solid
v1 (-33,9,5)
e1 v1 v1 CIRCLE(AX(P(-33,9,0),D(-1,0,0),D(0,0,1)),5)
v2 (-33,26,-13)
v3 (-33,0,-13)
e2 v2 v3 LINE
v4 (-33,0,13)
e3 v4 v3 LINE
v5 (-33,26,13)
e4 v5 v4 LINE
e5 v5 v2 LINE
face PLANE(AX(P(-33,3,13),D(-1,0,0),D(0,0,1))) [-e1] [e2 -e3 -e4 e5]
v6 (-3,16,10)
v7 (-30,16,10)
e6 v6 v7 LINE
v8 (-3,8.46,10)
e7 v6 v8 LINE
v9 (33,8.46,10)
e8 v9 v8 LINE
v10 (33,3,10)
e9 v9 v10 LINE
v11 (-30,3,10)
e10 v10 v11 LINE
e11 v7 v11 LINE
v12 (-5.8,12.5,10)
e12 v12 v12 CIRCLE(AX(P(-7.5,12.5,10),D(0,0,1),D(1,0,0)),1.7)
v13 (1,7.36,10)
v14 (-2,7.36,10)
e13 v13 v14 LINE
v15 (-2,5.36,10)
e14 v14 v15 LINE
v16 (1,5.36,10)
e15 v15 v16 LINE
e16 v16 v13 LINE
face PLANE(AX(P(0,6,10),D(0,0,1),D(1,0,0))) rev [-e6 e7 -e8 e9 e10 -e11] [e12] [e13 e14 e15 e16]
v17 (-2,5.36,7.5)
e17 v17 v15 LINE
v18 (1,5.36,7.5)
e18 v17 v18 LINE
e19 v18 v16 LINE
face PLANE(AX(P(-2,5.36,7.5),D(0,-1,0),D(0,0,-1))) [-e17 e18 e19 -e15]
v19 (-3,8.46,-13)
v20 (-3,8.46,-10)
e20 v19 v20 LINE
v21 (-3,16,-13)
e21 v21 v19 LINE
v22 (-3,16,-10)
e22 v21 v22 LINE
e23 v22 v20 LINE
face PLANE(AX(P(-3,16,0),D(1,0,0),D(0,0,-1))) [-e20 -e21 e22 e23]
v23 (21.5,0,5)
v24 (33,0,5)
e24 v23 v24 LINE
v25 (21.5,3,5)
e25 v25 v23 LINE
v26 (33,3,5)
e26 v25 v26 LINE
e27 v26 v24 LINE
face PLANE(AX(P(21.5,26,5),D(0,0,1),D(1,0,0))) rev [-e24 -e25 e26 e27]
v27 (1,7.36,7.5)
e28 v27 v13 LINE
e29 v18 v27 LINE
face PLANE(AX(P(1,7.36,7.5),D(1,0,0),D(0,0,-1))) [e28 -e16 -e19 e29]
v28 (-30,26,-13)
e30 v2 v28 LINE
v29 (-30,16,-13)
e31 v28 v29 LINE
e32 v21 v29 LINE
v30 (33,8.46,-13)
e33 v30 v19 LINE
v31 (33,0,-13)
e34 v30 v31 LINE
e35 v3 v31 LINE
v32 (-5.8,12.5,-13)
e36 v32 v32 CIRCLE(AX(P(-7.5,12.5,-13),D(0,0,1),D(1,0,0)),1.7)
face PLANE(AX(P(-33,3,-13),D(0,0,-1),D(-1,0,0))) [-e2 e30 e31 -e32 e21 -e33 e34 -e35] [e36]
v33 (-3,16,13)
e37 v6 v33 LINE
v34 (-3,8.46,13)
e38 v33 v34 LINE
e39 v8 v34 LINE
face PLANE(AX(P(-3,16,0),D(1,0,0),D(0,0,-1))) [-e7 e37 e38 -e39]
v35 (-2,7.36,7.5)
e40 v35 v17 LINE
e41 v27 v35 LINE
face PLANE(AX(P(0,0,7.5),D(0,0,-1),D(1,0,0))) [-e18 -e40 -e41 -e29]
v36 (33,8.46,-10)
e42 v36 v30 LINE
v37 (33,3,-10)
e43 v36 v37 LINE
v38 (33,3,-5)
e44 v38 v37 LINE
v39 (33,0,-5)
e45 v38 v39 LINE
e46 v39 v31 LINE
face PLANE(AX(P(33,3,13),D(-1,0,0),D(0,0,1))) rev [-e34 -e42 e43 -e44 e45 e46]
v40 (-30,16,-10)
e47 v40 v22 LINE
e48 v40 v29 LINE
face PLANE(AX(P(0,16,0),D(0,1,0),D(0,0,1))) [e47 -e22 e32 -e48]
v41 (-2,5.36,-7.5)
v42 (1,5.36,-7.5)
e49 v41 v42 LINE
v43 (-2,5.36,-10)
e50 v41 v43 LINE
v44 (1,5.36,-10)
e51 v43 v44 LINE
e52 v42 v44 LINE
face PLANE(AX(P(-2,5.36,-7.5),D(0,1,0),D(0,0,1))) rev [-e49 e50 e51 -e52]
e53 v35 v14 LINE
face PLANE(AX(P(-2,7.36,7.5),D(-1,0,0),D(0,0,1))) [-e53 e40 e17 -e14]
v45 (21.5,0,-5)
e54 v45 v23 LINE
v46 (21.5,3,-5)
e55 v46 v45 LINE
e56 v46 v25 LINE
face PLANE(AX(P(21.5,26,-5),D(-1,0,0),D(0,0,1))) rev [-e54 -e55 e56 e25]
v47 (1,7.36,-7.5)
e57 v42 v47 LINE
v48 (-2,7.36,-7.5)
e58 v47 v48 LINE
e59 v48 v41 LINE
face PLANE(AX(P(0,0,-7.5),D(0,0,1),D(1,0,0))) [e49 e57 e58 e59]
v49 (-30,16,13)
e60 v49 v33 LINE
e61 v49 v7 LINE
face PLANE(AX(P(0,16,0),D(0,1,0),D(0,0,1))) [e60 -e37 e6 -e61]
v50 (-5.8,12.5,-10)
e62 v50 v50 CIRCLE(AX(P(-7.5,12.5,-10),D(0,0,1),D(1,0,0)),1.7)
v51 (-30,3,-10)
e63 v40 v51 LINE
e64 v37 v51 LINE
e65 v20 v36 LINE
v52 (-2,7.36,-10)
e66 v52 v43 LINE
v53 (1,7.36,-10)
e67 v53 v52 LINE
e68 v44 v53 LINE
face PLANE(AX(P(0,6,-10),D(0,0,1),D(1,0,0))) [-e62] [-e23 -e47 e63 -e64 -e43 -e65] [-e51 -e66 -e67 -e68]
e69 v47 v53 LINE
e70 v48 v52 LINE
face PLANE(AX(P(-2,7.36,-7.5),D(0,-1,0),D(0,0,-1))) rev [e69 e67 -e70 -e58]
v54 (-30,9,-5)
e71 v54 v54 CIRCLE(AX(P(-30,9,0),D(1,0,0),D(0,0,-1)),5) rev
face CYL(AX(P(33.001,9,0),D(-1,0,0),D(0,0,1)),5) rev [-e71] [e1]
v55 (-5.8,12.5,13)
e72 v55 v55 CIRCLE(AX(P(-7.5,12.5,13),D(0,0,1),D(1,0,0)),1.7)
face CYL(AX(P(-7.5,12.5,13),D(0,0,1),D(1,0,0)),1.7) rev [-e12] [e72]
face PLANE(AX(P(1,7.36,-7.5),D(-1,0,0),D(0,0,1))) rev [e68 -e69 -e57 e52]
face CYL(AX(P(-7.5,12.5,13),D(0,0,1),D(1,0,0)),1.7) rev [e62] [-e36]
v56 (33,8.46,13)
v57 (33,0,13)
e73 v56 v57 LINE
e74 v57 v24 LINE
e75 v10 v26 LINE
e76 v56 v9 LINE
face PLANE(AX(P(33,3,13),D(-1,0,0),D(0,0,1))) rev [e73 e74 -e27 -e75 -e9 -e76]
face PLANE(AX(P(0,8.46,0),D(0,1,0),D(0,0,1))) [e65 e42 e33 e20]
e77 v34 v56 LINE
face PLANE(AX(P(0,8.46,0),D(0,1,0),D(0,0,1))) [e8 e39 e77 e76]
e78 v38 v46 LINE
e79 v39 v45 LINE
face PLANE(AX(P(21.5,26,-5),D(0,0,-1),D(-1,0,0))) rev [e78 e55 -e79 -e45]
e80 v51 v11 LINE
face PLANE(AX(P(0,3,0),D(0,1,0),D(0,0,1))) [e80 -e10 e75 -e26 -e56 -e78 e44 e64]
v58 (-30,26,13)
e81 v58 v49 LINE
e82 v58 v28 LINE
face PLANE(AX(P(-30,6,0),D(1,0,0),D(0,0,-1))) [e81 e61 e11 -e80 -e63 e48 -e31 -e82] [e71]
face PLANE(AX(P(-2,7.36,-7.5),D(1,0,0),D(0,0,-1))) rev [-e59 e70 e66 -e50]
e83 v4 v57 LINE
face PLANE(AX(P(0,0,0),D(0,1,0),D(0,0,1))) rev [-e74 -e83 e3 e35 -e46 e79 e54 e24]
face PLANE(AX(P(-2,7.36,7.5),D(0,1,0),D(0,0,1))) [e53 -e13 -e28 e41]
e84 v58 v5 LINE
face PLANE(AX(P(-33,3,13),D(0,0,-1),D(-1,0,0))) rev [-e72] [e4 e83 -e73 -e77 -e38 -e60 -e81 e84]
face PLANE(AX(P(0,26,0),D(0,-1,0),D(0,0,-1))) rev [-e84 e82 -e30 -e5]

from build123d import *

# Parameters (mm, degrees)
SKETCH1_W               = 66
SKETCH1_H               = 26
BOSS_EXTRUDE1_DEPTH     = 3
BOSS_EXTRUDE2_START     = 3
BOSS_EXTRUDE2_DEPTH     = 3
BOSS_EXTRUDE3_DEPTH     = 10
BOSS_EXTRUDE4_START     = 10
BOSS_EXTRUDE4_DEPTH     = 10
SKETCH2_4_W             = 36
SKETCH2_4_H             = 3
BOSS_EXTRUDE5_DEPTH     = 2.46
SKETCH3_W               = 3
SKETCH3_H               = 2
BOSS_EXTRUDE6_DEPTH     = 2.5
SKETCH4_W               = 11.5
SKETCH4_H               = 10
CUT_EXTRUDE1_DEPTH      = 1
CUT_EXTRUDE1_DEPTH_BACK = 27
M3_CLEARANCE_HOLE1_D    = 3.4
CUT_EXTRUDE2_REACH      = 68
SKETCH8_R               = 5


with BuildPart() as part:
    # Sketch1 → Boss-Extrude1 (new body)
    with BuildSketch(Plane(origin=(0, 0, 0), x_dir=(1, 0, 0), z_dir=(0, 1, 0))):
        Rectangle(SKETCH1_W, SKETCH1_H)
    extrude(amount=BOSS_EXTRUDE1_DEPTH)

    # Sketch1<3> → Boss-Extrude2 (add)
    with BuildSketch(Plane(origin=(0, 0, 0), x_dir=(1, 0, 0), z_dir=(0, 1, 0)).offset(BOSS_EXTRUDE2_START)):
        Polygon((-30, 10), (30, 10), (33, 10), (33, 13), (-33, 13), (-33, -13), (33, -13), (33, -10), (30, -10), (-30, -10), align=None)
    extrude(amount=BOSS_EXTRUDE2_DEPTH)

    # Sketch2 → Boss-Extrude3 (add)
    with BuildSketch(Plane(origin=(0, 6, 0), x_dir=(1, 0, 0), z_dir=(0, 1, 0))):
        Polygon((-3, 10), (-3, 13), (-33, 13), (-33, -13), (-3, -13), (-3, -10), (-30, -10), (-30, 10), align=None)
    extrude(amount=BOSS_EXTRUDE3_DEPTH)

    # Sketch2<3> → Boss-Extrude4 (add)
    with BuildSketch(Plane(origin=(0, 6, 0), x_dir=(1, 0, 0), z_dir=(0, 1, 0)).offset(BOSS_EXTRUDE4_START)):
        Polygon((-30, 10), (-30, 13), (-33, 13), (-33, -13), (-30, -13), (-30, -10), align=None)
    extrude(amount=BOSS_EXTRUDE4_DEPTH)

    # Sketch2<4> → Boss-Extrude5 (add)
    with BuildSketch(Plane(origin=(0, 6, 0), x_dir=(1, 0, 0), z_dir=(0, 1, 0))):
        with Locations((15, 11.5)):
            Rectangle(SKETCH2_4_W, SKETCH2_4_H)
        with Locations((15, -11.5)):
            Rectangle(SKETCH2_4_W, SKETCH2_4_H)
    extrude(amount=BOSS_EXTRUDE5_DEPTH)

    # Sketch3 → Boss-Extrude6 (add)
    with BuildSketch(Plane.XY.offset(-10)):
        with Locations((-0.5, 6.36)):
            Rectangle(SKETCH3_W, SKETCH3_H)
    boss_extrude6 = extrude(amount=BOSS_EXTRUDE6_DEPTH)

    # Mirror1: Boss-Extrude6 across plane
    add(boss_extrude6.mirror(Plane.XY))

    # Sketch4 → Cut-Extrude1 (cut, two sides)
    with BuildSketch(Plane.XZ) as cut_extrude1_sk:
        with Locations((27.25, 0)):
            Rectangle(SKETCH4_W, SKETCH4_H)
    extrude(amount=CUT_EXTRUDE1_DEPTH, mode=Mode.SUBTRACT)
    extrude(cut_extrude1_sk.sketch, amount=-CUT_EXTRUDE1_DEPTH_BACK, mode=Mode.SUBTRACT)

    # M3 Clearance Hole1 (through all)
    with Locations(Plane.XY.offset(13)):
        with Locations((-7.5, 12.5)):
            Hole(M3_CLEARANCE_HOLE1_D / 2)

    # Sketch8 → Cut-Extrude2 (cut, up to next)
    with BuildSketch(Plane.ZY.offset(33), mode=Mode.PRIVATE) as cut_extrude2_sk1:
        with Locations((0, 9)):
            Circle(SKETCH8_R)
    cut_extrude2_tool1 = extrude(cut_extrude2_sk1.sketch, amount=-CUT_EXTRUDE2_REACH, mode=Mode.PRIVATE) & part.part
    add(cut_extrude2_tool1.solids().sort_by_distance((-33, 9, 0))[0], mode=Mode.SUBTRACT)


solid = part.part
